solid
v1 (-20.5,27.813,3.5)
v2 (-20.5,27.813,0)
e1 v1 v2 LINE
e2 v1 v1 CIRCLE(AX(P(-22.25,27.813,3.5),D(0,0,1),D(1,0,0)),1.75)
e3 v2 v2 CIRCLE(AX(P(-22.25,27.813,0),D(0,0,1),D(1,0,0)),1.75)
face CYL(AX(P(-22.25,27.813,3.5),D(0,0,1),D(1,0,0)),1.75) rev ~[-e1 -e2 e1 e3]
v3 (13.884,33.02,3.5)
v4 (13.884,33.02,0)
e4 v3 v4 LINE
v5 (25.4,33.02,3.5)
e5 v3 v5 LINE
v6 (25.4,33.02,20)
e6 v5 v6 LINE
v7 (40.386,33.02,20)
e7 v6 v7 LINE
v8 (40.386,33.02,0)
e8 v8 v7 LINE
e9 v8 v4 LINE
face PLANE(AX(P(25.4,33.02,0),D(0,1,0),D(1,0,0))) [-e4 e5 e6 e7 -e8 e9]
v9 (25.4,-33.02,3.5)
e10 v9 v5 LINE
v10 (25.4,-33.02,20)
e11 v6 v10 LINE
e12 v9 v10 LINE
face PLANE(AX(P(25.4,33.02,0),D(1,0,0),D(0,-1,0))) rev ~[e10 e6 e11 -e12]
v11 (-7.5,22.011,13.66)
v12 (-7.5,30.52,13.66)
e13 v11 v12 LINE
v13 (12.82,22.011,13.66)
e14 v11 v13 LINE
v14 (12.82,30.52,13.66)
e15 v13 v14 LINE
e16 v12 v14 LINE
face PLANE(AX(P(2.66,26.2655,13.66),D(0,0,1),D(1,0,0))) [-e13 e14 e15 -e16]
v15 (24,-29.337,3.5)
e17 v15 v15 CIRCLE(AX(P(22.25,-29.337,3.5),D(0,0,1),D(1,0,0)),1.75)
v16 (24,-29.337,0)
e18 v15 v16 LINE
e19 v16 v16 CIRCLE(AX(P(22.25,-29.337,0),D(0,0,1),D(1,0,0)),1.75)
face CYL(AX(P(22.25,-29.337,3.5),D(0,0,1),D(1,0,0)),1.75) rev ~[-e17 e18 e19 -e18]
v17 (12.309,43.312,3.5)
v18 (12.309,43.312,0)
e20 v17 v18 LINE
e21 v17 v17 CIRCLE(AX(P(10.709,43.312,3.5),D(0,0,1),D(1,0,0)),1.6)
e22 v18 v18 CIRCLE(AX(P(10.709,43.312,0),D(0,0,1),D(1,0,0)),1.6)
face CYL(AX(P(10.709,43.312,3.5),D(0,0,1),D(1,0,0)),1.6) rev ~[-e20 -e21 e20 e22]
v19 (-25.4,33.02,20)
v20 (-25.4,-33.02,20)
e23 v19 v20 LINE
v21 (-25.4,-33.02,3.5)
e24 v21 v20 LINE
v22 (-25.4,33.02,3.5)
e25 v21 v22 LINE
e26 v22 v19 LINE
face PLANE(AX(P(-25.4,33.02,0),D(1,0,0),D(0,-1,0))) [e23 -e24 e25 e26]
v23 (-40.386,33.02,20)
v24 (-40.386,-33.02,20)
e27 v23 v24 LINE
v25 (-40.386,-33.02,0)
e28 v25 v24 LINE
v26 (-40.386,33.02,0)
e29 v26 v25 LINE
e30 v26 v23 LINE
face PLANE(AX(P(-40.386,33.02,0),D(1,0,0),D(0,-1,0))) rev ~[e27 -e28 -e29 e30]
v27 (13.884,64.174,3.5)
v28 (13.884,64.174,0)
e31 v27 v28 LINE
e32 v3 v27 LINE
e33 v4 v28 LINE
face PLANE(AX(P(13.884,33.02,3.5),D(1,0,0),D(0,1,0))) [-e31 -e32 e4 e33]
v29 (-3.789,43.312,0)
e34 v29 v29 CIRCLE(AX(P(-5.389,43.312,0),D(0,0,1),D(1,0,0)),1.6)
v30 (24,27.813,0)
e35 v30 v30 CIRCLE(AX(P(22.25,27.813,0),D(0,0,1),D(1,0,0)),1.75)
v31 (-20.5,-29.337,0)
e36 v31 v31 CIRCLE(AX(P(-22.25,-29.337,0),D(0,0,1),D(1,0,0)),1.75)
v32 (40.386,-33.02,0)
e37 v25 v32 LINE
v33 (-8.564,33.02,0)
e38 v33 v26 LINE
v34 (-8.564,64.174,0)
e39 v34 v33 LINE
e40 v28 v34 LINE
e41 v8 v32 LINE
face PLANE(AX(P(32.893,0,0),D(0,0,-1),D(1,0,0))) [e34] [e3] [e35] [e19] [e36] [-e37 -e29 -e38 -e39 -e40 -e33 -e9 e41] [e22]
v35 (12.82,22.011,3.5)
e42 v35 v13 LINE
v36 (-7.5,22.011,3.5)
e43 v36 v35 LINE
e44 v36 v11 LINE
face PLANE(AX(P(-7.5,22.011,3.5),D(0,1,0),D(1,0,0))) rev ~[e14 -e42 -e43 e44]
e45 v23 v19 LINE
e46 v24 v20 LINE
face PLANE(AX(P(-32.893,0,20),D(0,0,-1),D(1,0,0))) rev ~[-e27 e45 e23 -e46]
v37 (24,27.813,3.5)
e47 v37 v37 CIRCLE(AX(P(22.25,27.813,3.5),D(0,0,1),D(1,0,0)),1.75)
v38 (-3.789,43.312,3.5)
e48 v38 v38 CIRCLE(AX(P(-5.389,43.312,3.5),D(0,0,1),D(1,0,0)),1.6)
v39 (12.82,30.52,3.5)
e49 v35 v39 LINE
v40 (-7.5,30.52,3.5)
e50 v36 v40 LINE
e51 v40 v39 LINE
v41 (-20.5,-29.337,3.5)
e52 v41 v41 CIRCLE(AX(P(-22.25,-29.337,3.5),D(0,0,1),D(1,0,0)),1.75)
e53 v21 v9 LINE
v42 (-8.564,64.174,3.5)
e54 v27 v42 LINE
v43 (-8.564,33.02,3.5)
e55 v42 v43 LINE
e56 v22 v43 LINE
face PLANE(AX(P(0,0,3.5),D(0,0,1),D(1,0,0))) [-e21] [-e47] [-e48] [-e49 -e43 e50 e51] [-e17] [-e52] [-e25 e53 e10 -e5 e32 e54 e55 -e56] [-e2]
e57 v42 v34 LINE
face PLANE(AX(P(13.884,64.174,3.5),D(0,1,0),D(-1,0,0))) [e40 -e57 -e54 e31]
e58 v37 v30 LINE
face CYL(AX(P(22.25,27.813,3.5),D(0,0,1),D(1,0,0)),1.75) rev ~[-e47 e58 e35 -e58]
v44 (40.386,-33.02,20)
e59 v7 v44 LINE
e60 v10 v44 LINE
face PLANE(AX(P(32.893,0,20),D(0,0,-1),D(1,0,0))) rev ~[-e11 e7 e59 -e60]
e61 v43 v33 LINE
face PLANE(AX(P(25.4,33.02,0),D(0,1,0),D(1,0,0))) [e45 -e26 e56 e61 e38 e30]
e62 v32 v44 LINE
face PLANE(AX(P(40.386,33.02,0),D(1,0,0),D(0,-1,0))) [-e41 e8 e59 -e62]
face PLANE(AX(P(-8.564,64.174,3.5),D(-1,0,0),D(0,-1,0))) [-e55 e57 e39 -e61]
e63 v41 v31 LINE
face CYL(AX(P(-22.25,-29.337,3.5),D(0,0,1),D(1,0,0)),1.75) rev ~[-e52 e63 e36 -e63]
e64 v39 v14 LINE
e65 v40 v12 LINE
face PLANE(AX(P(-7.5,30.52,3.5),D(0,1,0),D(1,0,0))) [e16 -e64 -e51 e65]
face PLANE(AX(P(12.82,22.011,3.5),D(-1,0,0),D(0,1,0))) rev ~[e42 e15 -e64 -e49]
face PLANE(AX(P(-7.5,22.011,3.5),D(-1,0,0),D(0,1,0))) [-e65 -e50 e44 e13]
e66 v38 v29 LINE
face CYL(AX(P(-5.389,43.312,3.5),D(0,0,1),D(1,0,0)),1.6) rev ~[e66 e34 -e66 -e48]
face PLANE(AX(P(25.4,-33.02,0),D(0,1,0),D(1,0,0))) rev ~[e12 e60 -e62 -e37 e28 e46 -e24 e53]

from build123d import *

# Parameters (mm, degrees)
F0_W      = 50.8
F0_H      = 66.04
F1_DEPTH  = 3.5
F2_R      = 1.75
F3_DEPTH  = 25
F4_W      = 20.32
F4_H      = 8.509
F5_DEPTH  = 10.16
F6_W      = 14.986
F6_H      = 66.04
F7_DEPTH  = 20
F9_DEPTH  = 3.5
F10_R     = 1.6
F11_DEPTH = 3.5


with BuildPart() as f1:
    # F0 (on Top) → F1 (new body)
    with BuildSketch(Plane.XY):
        Rectangle(F0_W, F0_H)
    extrude(amount=F1_DEPTH)

    # F2 (on face) → F3 (cut)
    with BuildSketch(Plane.XY.offset(3.5)):
        with Locations((-22.25, 27.813)):
            Circle(F2_R)
        with Locations((-22.25, -29.337)):
            Circle(F2_R)
        with Locations((22.25, 27.813)):
            Circle(F2_R)
        with Locations((22.25, -29.337)):
            Circle(F2_R)
    extrude(amount=-F3_DEPTH, mode=Mode.SUBTRACT)

    # F4 (on face) → F5 (join)
    with BuildSketch(Plane.XY.offset(3.5)):
        with Locations((2.66, 26.2655)):
            Rectangle(F4_W, F4_H)
    extrude(amount=F5_DEPTH)

    # F6 (on face) → F7 (join)
    with BuildSketch(Plane(origin=(0, 0, 0), x_dir=(1, 0, 0), z_dir=(0, 0, -1))):
        with Locations((32.893, 0)):
            Rectangle(F6_W, F6_H)
        with Locations((-32.893, 0)):
            Rectangle(F6_W, F6_H)
    extrude(amount=-F7_DEPTH)

    # F8 (on face) → F9 (join, through all)
    with BuildSketch(Plane.XY.offset(3.5)):
        Polygon((13.884, 64.174), (2.66, 64.174), (-8.564, 64.174), (-8.564, 33.02), (13.884, 33.02), align=None)
    extrude(amount=-F9_DEPTH)

    # F10 (on face) → F11 (cut, through all)
    with BuildSketch(Plane.XY.offset(3.5)):
        with Locations((-5.389, 43.312)):
            Circle(F10_R)
        with Locations((10.709, 43.312)):
            Circle(F10_R)
    extrude(amount=-F11_DEPTH, mode=Mode.SUBTRACT)


solid = f1.part
